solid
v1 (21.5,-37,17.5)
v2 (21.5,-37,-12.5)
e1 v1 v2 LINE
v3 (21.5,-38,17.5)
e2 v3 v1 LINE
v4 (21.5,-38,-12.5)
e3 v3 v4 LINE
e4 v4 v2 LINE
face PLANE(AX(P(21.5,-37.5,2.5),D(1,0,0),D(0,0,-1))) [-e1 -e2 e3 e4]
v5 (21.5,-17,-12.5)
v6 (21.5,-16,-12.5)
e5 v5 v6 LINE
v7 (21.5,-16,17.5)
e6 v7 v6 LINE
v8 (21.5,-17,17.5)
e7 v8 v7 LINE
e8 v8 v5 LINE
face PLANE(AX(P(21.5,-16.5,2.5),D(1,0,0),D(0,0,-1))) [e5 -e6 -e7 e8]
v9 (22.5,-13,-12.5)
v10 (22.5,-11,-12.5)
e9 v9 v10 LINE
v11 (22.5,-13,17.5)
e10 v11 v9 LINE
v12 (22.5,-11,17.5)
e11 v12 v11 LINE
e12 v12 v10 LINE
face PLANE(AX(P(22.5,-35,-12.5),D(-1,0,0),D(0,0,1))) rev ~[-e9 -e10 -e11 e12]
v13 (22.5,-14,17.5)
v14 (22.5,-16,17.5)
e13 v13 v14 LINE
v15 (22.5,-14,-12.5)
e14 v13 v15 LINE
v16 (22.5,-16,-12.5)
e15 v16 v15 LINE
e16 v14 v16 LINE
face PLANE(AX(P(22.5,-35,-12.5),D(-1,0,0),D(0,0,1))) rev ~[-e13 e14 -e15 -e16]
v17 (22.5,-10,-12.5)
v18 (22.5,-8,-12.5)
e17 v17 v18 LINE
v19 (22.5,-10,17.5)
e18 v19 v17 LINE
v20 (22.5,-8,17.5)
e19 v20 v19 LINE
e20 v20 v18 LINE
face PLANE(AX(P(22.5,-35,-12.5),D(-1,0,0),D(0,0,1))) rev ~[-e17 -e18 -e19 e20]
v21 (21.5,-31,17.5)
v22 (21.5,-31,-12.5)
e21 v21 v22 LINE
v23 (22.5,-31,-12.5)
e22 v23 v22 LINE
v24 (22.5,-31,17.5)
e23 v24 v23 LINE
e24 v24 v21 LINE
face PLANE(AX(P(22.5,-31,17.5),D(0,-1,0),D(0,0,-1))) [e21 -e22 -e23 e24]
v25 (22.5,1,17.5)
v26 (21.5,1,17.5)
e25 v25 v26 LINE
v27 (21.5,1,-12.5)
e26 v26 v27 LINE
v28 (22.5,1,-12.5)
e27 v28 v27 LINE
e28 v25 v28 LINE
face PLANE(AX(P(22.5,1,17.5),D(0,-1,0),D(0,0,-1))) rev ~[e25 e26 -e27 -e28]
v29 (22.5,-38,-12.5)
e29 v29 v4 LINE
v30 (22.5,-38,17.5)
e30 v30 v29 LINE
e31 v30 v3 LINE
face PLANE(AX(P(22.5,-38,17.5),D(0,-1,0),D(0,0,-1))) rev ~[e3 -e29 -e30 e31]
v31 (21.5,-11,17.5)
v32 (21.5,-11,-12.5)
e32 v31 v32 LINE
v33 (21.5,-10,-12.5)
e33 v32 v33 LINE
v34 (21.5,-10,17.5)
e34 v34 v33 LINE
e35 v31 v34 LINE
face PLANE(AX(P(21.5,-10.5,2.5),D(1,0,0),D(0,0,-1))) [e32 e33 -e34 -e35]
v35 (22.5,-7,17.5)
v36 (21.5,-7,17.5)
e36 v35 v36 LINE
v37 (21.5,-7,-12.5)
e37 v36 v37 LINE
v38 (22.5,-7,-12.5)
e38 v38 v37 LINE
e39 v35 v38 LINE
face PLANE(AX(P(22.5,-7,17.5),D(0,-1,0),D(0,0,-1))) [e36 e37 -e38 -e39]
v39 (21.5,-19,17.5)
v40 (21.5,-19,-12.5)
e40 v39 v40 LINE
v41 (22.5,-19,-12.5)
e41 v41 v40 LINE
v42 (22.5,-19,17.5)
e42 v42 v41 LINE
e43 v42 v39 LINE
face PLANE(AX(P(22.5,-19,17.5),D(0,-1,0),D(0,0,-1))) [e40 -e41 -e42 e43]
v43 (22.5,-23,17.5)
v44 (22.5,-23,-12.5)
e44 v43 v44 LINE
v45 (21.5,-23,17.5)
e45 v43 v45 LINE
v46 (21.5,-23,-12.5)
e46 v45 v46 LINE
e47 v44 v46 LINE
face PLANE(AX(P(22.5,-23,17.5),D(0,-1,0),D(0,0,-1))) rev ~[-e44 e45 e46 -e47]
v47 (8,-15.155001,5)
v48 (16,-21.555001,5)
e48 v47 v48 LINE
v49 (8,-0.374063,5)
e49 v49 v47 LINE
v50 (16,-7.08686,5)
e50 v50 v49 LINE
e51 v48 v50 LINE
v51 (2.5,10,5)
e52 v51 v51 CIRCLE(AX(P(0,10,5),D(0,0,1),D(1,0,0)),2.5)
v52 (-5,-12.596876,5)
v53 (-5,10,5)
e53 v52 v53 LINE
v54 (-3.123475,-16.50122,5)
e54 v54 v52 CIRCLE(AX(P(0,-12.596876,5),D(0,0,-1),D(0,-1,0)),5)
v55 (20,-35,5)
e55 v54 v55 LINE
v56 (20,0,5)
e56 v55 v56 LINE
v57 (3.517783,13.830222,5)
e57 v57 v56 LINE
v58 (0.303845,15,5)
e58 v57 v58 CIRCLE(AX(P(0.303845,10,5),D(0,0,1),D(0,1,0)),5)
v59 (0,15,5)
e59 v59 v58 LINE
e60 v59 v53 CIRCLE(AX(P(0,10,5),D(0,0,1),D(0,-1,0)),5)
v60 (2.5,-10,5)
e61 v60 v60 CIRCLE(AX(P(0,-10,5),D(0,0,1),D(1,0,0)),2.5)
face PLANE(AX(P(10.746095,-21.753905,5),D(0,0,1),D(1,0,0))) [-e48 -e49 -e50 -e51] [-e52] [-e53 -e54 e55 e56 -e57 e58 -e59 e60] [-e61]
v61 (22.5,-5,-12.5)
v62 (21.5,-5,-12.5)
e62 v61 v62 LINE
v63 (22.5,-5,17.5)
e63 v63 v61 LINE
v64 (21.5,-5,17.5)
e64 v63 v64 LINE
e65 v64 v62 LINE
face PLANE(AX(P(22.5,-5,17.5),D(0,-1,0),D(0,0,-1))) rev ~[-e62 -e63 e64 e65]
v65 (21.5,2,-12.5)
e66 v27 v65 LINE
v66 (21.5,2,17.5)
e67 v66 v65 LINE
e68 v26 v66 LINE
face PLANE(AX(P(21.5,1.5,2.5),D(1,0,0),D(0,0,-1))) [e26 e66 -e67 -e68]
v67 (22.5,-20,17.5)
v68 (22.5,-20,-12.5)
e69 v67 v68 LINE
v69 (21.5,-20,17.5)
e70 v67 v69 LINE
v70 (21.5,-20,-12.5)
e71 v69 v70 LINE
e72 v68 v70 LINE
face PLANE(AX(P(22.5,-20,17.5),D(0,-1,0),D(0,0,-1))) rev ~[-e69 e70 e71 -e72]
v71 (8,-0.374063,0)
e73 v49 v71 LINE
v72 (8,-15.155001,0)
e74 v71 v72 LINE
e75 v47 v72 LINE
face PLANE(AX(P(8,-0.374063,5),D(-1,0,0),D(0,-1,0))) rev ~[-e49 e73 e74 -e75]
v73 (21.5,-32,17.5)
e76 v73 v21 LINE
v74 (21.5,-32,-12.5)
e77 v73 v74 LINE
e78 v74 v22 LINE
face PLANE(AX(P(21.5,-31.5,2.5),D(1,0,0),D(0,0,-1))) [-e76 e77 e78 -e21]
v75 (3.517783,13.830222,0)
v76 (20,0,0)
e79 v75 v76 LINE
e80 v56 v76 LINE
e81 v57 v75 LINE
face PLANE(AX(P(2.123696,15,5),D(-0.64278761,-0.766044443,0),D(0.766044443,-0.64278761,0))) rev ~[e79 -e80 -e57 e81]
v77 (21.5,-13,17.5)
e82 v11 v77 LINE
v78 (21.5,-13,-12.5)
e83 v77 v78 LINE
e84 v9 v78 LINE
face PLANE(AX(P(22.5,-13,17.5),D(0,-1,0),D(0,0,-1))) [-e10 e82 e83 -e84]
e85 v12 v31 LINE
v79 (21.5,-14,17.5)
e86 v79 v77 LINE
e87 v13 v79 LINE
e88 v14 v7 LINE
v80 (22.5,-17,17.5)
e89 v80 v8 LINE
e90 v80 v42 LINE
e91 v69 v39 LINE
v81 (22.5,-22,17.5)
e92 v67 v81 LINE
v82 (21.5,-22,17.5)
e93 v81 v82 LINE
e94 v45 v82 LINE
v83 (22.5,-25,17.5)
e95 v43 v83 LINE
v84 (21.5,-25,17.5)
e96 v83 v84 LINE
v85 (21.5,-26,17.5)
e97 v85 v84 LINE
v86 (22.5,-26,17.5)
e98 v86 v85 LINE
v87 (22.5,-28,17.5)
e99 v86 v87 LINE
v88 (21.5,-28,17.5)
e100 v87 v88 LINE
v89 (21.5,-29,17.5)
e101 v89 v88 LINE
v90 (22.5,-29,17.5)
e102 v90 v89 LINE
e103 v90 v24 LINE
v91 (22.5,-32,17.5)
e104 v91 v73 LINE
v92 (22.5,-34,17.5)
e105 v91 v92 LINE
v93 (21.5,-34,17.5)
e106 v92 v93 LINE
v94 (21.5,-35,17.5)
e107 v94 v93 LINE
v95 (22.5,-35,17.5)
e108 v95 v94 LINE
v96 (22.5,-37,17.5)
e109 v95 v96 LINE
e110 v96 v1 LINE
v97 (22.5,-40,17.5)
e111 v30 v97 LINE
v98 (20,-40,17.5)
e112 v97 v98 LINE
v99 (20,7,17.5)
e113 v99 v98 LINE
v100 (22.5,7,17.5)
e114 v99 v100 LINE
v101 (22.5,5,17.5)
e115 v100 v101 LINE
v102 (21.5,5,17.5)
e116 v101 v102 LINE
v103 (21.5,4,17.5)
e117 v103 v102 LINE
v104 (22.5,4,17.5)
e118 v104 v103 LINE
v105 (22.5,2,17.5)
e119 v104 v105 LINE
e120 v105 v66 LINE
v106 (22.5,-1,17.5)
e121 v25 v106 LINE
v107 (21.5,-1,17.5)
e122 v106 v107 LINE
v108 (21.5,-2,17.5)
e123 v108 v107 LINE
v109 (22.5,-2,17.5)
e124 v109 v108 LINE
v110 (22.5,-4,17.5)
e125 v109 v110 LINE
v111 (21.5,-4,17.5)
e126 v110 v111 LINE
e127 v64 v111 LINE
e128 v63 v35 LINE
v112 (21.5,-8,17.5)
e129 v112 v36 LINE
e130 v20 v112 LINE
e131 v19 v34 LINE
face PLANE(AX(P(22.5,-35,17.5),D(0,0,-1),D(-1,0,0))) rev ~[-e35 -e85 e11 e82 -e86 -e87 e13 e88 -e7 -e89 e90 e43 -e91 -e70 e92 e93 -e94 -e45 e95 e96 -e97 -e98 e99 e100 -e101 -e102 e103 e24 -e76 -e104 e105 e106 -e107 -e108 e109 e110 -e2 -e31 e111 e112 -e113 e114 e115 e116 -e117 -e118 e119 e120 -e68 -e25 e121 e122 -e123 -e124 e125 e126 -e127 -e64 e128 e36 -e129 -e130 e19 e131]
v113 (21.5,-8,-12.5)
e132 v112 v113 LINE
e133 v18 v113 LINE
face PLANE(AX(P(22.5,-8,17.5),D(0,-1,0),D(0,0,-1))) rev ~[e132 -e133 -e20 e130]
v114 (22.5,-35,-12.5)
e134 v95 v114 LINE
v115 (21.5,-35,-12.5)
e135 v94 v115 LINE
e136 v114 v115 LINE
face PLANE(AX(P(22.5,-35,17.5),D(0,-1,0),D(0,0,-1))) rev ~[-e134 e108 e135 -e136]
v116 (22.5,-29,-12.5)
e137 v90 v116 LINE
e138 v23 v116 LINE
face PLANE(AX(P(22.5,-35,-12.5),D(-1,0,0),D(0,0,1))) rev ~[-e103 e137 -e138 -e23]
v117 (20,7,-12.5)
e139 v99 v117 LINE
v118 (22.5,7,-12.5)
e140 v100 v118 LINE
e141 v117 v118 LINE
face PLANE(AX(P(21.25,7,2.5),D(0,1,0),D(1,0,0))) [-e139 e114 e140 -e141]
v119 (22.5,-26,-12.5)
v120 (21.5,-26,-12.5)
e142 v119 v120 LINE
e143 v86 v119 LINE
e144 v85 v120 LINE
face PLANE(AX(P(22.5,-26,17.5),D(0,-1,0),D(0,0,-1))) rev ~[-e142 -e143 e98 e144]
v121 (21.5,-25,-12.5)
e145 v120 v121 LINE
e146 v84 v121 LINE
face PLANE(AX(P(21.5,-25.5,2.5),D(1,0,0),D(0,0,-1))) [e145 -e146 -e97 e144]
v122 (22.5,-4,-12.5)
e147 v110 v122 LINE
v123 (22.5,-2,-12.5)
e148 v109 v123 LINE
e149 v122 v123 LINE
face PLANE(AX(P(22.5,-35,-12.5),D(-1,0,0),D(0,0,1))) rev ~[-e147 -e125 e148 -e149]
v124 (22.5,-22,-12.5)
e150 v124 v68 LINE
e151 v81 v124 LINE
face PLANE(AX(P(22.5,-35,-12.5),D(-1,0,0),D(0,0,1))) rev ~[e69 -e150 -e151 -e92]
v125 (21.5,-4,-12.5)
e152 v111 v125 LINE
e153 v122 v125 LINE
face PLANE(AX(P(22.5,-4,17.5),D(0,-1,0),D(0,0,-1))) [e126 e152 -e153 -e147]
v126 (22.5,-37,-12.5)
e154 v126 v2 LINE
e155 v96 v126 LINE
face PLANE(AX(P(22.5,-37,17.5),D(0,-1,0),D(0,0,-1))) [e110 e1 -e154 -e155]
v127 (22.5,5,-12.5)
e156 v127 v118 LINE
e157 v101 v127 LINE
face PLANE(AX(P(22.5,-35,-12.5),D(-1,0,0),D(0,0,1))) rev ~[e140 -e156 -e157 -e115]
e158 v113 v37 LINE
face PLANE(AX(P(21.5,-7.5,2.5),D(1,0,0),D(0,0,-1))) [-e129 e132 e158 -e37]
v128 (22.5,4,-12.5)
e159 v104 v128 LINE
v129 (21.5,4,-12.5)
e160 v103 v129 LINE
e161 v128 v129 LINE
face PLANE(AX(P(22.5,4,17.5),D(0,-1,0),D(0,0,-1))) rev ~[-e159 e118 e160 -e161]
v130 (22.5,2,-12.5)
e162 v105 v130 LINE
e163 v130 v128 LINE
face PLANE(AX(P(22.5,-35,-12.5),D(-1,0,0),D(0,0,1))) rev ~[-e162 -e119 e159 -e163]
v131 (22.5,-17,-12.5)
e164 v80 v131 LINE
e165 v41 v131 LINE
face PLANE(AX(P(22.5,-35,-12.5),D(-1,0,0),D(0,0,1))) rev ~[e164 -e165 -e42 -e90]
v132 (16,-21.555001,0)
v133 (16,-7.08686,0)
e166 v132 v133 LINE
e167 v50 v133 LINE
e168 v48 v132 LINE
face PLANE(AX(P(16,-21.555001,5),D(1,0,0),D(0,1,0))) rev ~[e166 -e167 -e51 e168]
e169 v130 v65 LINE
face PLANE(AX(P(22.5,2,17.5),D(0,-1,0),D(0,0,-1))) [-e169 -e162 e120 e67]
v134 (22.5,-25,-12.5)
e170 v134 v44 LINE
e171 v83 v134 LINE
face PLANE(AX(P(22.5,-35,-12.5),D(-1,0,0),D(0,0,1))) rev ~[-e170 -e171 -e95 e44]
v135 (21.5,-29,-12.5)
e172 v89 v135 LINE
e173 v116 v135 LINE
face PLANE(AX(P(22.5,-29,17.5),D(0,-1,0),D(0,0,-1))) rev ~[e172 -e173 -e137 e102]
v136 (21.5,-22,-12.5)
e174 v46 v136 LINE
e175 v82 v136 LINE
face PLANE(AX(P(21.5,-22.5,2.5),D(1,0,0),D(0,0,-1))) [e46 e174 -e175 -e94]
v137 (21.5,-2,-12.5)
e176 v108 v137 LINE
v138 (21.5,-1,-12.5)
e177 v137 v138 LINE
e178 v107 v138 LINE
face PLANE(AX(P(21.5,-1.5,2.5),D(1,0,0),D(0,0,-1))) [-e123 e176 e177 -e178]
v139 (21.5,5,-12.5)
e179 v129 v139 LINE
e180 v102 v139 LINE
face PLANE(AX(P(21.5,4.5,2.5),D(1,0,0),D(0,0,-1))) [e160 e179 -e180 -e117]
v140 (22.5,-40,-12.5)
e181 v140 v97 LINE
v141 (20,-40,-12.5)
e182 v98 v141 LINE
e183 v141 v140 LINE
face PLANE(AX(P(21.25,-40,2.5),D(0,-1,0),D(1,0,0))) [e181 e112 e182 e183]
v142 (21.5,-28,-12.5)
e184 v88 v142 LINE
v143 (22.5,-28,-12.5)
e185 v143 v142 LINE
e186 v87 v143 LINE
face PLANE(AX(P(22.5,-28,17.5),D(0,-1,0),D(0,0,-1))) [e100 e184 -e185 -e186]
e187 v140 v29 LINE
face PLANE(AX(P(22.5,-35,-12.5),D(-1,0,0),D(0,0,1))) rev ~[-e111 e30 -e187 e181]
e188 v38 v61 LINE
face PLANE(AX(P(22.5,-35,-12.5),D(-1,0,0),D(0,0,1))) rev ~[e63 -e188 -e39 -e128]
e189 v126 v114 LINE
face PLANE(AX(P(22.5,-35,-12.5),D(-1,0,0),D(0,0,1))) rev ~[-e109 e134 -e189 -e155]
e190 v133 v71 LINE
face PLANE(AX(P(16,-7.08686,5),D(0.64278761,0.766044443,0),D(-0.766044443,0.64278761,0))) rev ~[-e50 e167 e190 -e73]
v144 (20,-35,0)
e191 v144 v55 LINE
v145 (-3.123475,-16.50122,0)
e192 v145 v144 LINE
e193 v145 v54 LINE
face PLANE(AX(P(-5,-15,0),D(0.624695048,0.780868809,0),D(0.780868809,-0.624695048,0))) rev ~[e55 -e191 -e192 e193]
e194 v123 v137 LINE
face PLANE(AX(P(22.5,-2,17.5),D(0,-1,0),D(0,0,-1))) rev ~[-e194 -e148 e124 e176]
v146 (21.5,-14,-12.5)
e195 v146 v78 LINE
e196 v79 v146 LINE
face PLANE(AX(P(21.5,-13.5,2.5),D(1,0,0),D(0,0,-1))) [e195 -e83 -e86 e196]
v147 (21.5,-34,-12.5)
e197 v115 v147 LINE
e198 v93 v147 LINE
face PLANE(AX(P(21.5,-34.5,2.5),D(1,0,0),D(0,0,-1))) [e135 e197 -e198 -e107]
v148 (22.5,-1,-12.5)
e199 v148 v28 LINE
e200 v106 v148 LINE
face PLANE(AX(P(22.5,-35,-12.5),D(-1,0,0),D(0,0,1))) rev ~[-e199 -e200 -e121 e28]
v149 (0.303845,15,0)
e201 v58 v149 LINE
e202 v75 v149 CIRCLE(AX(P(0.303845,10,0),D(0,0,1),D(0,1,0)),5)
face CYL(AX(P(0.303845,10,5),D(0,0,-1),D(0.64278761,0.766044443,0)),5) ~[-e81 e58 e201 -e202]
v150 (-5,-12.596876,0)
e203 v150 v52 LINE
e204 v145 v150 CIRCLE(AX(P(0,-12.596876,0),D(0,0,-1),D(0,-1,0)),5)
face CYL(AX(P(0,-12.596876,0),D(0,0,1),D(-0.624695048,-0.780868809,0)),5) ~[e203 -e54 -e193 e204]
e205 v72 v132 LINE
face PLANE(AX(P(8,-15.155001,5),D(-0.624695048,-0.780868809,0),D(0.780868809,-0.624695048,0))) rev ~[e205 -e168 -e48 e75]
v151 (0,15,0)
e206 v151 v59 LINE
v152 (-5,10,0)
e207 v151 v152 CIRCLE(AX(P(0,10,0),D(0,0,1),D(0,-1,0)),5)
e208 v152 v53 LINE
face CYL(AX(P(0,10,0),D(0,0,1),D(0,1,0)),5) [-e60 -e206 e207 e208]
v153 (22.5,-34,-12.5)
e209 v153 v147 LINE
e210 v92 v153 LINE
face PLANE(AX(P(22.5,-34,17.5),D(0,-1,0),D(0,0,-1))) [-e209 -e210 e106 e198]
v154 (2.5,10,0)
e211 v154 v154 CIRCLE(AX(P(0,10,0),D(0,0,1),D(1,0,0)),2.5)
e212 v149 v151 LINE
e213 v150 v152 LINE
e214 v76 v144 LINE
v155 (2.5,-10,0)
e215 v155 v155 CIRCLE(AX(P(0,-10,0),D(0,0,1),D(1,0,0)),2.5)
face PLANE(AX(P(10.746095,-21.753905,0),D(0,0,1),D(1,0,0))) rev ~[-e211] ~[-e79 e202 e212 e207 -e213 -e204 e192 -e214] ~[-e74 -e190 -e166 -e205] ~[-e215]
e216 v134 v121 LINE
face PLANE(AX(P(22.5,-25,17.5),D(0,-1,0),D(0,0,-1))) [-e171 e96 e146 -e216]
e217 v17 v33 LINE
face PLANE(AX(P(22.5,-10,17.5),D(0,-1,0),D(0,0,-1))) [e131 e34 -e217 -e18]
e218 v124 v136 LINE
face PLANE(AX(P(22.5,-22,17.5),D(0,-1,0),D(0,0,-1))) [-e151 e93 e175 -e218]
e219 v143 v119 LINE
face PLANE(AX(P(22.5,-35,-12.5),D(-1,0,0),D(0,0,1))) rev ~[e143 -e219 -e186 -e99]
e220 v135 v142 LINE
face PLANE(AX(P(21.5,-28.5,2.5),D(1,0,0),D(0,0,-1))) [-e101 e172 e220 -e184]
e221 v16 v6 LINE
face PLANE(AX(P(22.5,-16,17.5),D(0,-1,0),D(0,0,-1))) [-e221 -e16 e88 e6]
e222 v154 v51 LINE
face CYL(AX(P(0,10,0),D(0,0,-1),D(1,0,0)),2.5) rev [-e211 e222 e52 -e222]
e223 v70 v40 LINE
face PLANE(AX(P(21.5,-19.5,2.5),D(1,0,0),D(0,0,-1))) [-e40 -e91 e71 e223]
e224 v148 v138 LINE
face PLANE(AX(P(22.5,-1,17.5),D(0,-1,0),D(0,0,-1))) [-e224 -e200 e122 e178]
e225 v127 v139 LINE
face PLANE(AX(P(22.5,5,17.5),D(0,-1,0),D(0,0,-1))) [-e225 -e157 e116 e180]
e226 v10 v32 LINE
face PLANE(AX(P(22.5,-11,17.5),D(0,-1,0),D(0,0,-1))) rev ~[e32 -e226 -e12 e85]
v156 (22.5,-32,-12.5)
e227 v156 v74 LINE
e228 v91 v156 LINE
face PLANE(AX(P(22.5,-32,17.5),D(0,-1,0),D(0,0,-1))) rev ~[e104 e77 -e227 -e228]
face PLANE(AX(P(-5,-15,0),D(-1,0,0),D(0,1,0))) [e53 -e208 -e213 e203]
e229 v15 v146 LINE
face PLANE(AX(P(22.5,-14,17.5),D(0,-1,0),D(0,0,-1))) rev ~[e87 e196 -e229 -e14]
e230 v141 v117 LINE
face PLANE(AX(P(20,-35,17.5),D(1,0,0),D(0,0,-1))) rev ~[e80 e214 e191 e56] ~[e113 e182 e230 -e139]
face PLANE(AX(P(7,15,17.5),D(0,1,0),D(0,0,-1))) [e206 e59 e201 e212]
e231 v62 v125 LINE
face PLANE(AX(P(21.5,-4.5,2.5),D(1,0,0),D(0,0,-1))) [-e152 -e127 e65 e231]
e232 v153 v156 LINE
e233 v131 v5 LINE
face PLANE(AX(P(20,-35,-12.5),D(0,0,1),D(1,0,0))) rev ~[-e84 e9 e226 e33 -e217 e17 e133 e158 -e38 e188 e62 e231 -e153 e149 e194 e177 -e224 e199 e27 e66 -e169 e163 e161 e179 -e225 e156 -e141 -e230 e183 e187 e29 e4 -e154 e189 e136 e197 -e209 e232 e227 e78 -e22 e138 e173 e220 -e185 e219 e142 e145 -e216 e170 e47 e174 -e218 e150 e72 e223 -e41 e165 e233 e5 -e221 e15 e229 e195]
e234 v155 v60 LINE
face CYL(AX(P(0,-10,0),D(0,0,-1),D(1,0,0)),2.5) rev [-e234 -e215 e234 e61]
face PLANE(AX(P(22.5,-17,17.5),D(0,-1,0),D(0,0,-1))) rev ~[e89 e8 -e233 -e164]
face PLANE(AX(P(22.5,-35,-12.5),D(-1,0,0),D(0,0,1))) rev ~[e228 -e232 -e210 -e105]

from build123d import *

# Parameters (mm, degrees)
SKETCH2_W           = 10
SKETCH2_H           = 30
SKETCH2_R           = 2.5
BOSS_EXTRUDE1_DEPTH = 5
SKETCH3_W           = 30
SKETCH3_H           = 30
BOSS_EXTRUDE2_DEPTH = 2
SKETCH4_W           = 2
SKETCH4_H           = 30
BOSS_EXTRUDE3_DEPTH = 20
SKETCH5_W           = 30
SKETCH5_H           = 50
BOSS_EXTRUDE4_DEPTH = 18.5
CUT_EXTRUDE1_DEPTH  = 15
BOSS_EXTRUDE5_DEPTH = 5
SKETCH9_W           = 30
SKETCH9_H           = 50
CUT_EXTRUDE2_DEPTH  = 3
CUT_EXTRUDE3_DEPTH  = 10
FILLET1_R           = 5
SKETCH13_W          = 2.5
SKETCH13_H          = 30
CUT_EXTRUDE4_DEPTH  = 8
BOSS_EXTRUDE9_DEPTH = 5
SKETCH15_W          = 30
SKETCH15_H          = 1
CUT_EXTRUDE5_DEPTH  = 1
CUT_EXTRUDE6_DEPTH  = 50.117206761


with BuildPart() as part:
    # Sketch2 → Boss-Extrude1 (new body)
    with BuildSketch(Plane.XY):
        Rectangle(SKETCH2_W, SKETCH2_H)
        with Locations((0, 10)):
            Circle(SKETCH2_R, mode=Mode.SUBTRACT)
        with Locations((0, -10)):
            Circle(SKETCH2_R, mode=Mode.SUBTRACT)
    extrude(amount=BOSS_EXTRUDE1_DEPTH)

    # Sketch3 → Boss-Extrude2 (add)
    with BuildSketch(Plane(origin=(5, 0, 0), x_dir=(0, 0, -1), z_dir=(1, 0, 0))):
        with Locations((-2.5, 0)):
            Rectangle(SKETCH3_W, SKETCH3_H)
    extrude(amount=BOSS_EXTRUDE2_DEPTH)

    # Sketch4 → Boss-Extrude3 (add)
    with BuildSketch(Plane.XZ.offset(15)):
        with Locations((6, 2.5)):
            Rectangle(SKETCH4_W, SKETCH4_H)
    extrude(amount=BOSS_EXTRUDE3_DEPTH)

    # Sketch5 → Boss-Extrude4 (add)
    with BuildSketch(Plane(origin=(7, 0, 0), x_dir=(0, 0, -1), z_dir=(1, 0, 0))):
        with Locations((-2.5, -10)):
            Rectangle(SKETCH5_W, SKETCH5_H)
    extrude(amount=BOSS_EXTRUDE4_DEPTH)

    # Sketch6 → Cut-Extrude1 (cut)
    with BuildSketch(Plane.ZY.offset(-5)):
        Polygon((-12.5, 15), (-12.5, -35), (17.5, -35), (17.5, 15), (5, 15), (5, -15), (0, -15), (0, 15), align=None)
    extrude(amount=-CUT_EXTRUDE1_DEPTH, mode=Mode.SUBTRACT)

    # Sketch7 → Boss-Extrude5 (add)
    with BuildSketch(Plane.XY):
        Polygon((-5, -15), (20, -35), (20, -15), align=None)
    extrude(amount=BOSS_EXTRUDE5_DEPTH)

    # Sketch9 → Cut-Extrude2 (cut)
    with BuildSketch(Plane(origin=(25.5, 0, 0), x_dir=(0, 0, -1), z_dir=(1, 0, 0))):
        with Locations((-2.5, -10)):
            Rectangle(SKETCH9_W, SKETCH9_H)
    extrude(amount=-CUT_EXTRUDE2_DEPTH, mode=Mode.SUBTRACT)

    # Sketch12 → Cut-Extrude3 (cut)
    with BuildSketch(Plane.XY.offset(5)):
        Polygon((2.123696111, 15), (20, 0), (20, 15), align=None)
    extrude(amount=-CUT_EXTRUDE3_DEPTH, mode=Mode.SUBTRACT)

    # Fillet1
    fillet1_edges = [part.edges().sort_by_distance(p)[0] for p in [
        (2.123696111, 15, 2.5),
        (-5, -15, 2.5),
        (-5, 15, 2.5),
    ]]
    fillet(fillet1_edges, radius=FILLET1_R)

    # Sketch13 → Cut-Extrude4 (cut)
    with BuildSketch(Plane(origin=(0, 15, 0), x_dir=(1, 0, 0), z_dir=(0, 1, 0))):
        with Locations((21.25, -2.5)):
            Rectangle(SKETCH13_W, SKETCH13_H)
    extrude(amount=-CUT_EXTRUDE4_DEPTH, mode=Mode.SUBTRACT)

    # Sketch14 → Boss-Extrude9 (add)
    with BuildSketch(Plane.XZ.offset(35)):
        Polygon((22.5, -12.5), (22.5, 17.5), (20, 17.5), (20, 5), (20, 0), (20, -12.5), align=None)
    extrude(amount=BOSS_EXTRUDE9_DEPTH)

    # Sketch15 → Cut-Extrude5 (cut)
    with BuildSketch(Plane(origin=(22.5, 0, 0), x_dir=(0, 0, -1), z_dir=(1, 0, 0))):
        with Locations((-2.5, 4.5)):
            Rectangle(SKETCH15_W, SKETCH15_H)
        with Locations((-2.5, 1.5)):
            Rectangle(SKETCH15_W, SKETCH15_H)
        with Locations((-2.5, -1.5)):
            Rectangle(SKETCH15_W, SKETCH15_H)
        with Locations((-2.5, -4.5)):
            Rectangle(SKETCH15_W, SKETCH15_H)
        with Locations((-2.5, -7.5)):
            Rectangle(SKETCH15_W, SKETCH15_H)
        with Locations((-2.5, -10.5)):
            Rectangle(SKETCH15_W, SKETCH15_H)
        with Locations((-2.5, -13.5)):
            Rectangle(SKETCH15_W, SKETCH15_H)
        with Locations((-2.5, -16.5)):
            Rectangle(SKETCH15_W, SKETCH15_H)
        with Locations((-2.5, -19.5)):
            Rectangle(SKETCH15_W, SKETCH15_H)
        with Locations((-2.5, -22.5)):
            Rectangle(SKETCH15_W, SKETCH15_H)
        with Locations((-2.5, -25.5)):
            Rectangle(SKETCH15_W, SKETCH15_H)
        with Locations((-2.5, -28.5)):
            Rectangle(SKETCH15_W, SKETCH15_H)
        with Locations((-2.5, -31.5)):
            Rectangle(SKETCH15_W, SKETCH15_H)
        with Locations((-2.5, -34.5)):
            Rectangle(SKETCH15_W, SKETCH15_H)
        with Locations((-2.5, -37.5)):
            Rectangle(SKETCH15_W, SKETCH15_H)
    extrude(amount=-CUT_EXTRUDE5_DEPTH, mode=Mode.SUBTRACT)

    # Sketch17 → Cut-Extrude6 (cut, through all)
    with BuildSketch(Plane.XY.offset(5)):
        Polygon((8, -0.374062741), (8, -15.15500122), (16, -21.55500122), (16, -7.08685979), align=None)
    extrude(amount=-CUT_EXTRUDE6_DEPTH, mode=Mode.SUBTRACT)


solid = part.part
